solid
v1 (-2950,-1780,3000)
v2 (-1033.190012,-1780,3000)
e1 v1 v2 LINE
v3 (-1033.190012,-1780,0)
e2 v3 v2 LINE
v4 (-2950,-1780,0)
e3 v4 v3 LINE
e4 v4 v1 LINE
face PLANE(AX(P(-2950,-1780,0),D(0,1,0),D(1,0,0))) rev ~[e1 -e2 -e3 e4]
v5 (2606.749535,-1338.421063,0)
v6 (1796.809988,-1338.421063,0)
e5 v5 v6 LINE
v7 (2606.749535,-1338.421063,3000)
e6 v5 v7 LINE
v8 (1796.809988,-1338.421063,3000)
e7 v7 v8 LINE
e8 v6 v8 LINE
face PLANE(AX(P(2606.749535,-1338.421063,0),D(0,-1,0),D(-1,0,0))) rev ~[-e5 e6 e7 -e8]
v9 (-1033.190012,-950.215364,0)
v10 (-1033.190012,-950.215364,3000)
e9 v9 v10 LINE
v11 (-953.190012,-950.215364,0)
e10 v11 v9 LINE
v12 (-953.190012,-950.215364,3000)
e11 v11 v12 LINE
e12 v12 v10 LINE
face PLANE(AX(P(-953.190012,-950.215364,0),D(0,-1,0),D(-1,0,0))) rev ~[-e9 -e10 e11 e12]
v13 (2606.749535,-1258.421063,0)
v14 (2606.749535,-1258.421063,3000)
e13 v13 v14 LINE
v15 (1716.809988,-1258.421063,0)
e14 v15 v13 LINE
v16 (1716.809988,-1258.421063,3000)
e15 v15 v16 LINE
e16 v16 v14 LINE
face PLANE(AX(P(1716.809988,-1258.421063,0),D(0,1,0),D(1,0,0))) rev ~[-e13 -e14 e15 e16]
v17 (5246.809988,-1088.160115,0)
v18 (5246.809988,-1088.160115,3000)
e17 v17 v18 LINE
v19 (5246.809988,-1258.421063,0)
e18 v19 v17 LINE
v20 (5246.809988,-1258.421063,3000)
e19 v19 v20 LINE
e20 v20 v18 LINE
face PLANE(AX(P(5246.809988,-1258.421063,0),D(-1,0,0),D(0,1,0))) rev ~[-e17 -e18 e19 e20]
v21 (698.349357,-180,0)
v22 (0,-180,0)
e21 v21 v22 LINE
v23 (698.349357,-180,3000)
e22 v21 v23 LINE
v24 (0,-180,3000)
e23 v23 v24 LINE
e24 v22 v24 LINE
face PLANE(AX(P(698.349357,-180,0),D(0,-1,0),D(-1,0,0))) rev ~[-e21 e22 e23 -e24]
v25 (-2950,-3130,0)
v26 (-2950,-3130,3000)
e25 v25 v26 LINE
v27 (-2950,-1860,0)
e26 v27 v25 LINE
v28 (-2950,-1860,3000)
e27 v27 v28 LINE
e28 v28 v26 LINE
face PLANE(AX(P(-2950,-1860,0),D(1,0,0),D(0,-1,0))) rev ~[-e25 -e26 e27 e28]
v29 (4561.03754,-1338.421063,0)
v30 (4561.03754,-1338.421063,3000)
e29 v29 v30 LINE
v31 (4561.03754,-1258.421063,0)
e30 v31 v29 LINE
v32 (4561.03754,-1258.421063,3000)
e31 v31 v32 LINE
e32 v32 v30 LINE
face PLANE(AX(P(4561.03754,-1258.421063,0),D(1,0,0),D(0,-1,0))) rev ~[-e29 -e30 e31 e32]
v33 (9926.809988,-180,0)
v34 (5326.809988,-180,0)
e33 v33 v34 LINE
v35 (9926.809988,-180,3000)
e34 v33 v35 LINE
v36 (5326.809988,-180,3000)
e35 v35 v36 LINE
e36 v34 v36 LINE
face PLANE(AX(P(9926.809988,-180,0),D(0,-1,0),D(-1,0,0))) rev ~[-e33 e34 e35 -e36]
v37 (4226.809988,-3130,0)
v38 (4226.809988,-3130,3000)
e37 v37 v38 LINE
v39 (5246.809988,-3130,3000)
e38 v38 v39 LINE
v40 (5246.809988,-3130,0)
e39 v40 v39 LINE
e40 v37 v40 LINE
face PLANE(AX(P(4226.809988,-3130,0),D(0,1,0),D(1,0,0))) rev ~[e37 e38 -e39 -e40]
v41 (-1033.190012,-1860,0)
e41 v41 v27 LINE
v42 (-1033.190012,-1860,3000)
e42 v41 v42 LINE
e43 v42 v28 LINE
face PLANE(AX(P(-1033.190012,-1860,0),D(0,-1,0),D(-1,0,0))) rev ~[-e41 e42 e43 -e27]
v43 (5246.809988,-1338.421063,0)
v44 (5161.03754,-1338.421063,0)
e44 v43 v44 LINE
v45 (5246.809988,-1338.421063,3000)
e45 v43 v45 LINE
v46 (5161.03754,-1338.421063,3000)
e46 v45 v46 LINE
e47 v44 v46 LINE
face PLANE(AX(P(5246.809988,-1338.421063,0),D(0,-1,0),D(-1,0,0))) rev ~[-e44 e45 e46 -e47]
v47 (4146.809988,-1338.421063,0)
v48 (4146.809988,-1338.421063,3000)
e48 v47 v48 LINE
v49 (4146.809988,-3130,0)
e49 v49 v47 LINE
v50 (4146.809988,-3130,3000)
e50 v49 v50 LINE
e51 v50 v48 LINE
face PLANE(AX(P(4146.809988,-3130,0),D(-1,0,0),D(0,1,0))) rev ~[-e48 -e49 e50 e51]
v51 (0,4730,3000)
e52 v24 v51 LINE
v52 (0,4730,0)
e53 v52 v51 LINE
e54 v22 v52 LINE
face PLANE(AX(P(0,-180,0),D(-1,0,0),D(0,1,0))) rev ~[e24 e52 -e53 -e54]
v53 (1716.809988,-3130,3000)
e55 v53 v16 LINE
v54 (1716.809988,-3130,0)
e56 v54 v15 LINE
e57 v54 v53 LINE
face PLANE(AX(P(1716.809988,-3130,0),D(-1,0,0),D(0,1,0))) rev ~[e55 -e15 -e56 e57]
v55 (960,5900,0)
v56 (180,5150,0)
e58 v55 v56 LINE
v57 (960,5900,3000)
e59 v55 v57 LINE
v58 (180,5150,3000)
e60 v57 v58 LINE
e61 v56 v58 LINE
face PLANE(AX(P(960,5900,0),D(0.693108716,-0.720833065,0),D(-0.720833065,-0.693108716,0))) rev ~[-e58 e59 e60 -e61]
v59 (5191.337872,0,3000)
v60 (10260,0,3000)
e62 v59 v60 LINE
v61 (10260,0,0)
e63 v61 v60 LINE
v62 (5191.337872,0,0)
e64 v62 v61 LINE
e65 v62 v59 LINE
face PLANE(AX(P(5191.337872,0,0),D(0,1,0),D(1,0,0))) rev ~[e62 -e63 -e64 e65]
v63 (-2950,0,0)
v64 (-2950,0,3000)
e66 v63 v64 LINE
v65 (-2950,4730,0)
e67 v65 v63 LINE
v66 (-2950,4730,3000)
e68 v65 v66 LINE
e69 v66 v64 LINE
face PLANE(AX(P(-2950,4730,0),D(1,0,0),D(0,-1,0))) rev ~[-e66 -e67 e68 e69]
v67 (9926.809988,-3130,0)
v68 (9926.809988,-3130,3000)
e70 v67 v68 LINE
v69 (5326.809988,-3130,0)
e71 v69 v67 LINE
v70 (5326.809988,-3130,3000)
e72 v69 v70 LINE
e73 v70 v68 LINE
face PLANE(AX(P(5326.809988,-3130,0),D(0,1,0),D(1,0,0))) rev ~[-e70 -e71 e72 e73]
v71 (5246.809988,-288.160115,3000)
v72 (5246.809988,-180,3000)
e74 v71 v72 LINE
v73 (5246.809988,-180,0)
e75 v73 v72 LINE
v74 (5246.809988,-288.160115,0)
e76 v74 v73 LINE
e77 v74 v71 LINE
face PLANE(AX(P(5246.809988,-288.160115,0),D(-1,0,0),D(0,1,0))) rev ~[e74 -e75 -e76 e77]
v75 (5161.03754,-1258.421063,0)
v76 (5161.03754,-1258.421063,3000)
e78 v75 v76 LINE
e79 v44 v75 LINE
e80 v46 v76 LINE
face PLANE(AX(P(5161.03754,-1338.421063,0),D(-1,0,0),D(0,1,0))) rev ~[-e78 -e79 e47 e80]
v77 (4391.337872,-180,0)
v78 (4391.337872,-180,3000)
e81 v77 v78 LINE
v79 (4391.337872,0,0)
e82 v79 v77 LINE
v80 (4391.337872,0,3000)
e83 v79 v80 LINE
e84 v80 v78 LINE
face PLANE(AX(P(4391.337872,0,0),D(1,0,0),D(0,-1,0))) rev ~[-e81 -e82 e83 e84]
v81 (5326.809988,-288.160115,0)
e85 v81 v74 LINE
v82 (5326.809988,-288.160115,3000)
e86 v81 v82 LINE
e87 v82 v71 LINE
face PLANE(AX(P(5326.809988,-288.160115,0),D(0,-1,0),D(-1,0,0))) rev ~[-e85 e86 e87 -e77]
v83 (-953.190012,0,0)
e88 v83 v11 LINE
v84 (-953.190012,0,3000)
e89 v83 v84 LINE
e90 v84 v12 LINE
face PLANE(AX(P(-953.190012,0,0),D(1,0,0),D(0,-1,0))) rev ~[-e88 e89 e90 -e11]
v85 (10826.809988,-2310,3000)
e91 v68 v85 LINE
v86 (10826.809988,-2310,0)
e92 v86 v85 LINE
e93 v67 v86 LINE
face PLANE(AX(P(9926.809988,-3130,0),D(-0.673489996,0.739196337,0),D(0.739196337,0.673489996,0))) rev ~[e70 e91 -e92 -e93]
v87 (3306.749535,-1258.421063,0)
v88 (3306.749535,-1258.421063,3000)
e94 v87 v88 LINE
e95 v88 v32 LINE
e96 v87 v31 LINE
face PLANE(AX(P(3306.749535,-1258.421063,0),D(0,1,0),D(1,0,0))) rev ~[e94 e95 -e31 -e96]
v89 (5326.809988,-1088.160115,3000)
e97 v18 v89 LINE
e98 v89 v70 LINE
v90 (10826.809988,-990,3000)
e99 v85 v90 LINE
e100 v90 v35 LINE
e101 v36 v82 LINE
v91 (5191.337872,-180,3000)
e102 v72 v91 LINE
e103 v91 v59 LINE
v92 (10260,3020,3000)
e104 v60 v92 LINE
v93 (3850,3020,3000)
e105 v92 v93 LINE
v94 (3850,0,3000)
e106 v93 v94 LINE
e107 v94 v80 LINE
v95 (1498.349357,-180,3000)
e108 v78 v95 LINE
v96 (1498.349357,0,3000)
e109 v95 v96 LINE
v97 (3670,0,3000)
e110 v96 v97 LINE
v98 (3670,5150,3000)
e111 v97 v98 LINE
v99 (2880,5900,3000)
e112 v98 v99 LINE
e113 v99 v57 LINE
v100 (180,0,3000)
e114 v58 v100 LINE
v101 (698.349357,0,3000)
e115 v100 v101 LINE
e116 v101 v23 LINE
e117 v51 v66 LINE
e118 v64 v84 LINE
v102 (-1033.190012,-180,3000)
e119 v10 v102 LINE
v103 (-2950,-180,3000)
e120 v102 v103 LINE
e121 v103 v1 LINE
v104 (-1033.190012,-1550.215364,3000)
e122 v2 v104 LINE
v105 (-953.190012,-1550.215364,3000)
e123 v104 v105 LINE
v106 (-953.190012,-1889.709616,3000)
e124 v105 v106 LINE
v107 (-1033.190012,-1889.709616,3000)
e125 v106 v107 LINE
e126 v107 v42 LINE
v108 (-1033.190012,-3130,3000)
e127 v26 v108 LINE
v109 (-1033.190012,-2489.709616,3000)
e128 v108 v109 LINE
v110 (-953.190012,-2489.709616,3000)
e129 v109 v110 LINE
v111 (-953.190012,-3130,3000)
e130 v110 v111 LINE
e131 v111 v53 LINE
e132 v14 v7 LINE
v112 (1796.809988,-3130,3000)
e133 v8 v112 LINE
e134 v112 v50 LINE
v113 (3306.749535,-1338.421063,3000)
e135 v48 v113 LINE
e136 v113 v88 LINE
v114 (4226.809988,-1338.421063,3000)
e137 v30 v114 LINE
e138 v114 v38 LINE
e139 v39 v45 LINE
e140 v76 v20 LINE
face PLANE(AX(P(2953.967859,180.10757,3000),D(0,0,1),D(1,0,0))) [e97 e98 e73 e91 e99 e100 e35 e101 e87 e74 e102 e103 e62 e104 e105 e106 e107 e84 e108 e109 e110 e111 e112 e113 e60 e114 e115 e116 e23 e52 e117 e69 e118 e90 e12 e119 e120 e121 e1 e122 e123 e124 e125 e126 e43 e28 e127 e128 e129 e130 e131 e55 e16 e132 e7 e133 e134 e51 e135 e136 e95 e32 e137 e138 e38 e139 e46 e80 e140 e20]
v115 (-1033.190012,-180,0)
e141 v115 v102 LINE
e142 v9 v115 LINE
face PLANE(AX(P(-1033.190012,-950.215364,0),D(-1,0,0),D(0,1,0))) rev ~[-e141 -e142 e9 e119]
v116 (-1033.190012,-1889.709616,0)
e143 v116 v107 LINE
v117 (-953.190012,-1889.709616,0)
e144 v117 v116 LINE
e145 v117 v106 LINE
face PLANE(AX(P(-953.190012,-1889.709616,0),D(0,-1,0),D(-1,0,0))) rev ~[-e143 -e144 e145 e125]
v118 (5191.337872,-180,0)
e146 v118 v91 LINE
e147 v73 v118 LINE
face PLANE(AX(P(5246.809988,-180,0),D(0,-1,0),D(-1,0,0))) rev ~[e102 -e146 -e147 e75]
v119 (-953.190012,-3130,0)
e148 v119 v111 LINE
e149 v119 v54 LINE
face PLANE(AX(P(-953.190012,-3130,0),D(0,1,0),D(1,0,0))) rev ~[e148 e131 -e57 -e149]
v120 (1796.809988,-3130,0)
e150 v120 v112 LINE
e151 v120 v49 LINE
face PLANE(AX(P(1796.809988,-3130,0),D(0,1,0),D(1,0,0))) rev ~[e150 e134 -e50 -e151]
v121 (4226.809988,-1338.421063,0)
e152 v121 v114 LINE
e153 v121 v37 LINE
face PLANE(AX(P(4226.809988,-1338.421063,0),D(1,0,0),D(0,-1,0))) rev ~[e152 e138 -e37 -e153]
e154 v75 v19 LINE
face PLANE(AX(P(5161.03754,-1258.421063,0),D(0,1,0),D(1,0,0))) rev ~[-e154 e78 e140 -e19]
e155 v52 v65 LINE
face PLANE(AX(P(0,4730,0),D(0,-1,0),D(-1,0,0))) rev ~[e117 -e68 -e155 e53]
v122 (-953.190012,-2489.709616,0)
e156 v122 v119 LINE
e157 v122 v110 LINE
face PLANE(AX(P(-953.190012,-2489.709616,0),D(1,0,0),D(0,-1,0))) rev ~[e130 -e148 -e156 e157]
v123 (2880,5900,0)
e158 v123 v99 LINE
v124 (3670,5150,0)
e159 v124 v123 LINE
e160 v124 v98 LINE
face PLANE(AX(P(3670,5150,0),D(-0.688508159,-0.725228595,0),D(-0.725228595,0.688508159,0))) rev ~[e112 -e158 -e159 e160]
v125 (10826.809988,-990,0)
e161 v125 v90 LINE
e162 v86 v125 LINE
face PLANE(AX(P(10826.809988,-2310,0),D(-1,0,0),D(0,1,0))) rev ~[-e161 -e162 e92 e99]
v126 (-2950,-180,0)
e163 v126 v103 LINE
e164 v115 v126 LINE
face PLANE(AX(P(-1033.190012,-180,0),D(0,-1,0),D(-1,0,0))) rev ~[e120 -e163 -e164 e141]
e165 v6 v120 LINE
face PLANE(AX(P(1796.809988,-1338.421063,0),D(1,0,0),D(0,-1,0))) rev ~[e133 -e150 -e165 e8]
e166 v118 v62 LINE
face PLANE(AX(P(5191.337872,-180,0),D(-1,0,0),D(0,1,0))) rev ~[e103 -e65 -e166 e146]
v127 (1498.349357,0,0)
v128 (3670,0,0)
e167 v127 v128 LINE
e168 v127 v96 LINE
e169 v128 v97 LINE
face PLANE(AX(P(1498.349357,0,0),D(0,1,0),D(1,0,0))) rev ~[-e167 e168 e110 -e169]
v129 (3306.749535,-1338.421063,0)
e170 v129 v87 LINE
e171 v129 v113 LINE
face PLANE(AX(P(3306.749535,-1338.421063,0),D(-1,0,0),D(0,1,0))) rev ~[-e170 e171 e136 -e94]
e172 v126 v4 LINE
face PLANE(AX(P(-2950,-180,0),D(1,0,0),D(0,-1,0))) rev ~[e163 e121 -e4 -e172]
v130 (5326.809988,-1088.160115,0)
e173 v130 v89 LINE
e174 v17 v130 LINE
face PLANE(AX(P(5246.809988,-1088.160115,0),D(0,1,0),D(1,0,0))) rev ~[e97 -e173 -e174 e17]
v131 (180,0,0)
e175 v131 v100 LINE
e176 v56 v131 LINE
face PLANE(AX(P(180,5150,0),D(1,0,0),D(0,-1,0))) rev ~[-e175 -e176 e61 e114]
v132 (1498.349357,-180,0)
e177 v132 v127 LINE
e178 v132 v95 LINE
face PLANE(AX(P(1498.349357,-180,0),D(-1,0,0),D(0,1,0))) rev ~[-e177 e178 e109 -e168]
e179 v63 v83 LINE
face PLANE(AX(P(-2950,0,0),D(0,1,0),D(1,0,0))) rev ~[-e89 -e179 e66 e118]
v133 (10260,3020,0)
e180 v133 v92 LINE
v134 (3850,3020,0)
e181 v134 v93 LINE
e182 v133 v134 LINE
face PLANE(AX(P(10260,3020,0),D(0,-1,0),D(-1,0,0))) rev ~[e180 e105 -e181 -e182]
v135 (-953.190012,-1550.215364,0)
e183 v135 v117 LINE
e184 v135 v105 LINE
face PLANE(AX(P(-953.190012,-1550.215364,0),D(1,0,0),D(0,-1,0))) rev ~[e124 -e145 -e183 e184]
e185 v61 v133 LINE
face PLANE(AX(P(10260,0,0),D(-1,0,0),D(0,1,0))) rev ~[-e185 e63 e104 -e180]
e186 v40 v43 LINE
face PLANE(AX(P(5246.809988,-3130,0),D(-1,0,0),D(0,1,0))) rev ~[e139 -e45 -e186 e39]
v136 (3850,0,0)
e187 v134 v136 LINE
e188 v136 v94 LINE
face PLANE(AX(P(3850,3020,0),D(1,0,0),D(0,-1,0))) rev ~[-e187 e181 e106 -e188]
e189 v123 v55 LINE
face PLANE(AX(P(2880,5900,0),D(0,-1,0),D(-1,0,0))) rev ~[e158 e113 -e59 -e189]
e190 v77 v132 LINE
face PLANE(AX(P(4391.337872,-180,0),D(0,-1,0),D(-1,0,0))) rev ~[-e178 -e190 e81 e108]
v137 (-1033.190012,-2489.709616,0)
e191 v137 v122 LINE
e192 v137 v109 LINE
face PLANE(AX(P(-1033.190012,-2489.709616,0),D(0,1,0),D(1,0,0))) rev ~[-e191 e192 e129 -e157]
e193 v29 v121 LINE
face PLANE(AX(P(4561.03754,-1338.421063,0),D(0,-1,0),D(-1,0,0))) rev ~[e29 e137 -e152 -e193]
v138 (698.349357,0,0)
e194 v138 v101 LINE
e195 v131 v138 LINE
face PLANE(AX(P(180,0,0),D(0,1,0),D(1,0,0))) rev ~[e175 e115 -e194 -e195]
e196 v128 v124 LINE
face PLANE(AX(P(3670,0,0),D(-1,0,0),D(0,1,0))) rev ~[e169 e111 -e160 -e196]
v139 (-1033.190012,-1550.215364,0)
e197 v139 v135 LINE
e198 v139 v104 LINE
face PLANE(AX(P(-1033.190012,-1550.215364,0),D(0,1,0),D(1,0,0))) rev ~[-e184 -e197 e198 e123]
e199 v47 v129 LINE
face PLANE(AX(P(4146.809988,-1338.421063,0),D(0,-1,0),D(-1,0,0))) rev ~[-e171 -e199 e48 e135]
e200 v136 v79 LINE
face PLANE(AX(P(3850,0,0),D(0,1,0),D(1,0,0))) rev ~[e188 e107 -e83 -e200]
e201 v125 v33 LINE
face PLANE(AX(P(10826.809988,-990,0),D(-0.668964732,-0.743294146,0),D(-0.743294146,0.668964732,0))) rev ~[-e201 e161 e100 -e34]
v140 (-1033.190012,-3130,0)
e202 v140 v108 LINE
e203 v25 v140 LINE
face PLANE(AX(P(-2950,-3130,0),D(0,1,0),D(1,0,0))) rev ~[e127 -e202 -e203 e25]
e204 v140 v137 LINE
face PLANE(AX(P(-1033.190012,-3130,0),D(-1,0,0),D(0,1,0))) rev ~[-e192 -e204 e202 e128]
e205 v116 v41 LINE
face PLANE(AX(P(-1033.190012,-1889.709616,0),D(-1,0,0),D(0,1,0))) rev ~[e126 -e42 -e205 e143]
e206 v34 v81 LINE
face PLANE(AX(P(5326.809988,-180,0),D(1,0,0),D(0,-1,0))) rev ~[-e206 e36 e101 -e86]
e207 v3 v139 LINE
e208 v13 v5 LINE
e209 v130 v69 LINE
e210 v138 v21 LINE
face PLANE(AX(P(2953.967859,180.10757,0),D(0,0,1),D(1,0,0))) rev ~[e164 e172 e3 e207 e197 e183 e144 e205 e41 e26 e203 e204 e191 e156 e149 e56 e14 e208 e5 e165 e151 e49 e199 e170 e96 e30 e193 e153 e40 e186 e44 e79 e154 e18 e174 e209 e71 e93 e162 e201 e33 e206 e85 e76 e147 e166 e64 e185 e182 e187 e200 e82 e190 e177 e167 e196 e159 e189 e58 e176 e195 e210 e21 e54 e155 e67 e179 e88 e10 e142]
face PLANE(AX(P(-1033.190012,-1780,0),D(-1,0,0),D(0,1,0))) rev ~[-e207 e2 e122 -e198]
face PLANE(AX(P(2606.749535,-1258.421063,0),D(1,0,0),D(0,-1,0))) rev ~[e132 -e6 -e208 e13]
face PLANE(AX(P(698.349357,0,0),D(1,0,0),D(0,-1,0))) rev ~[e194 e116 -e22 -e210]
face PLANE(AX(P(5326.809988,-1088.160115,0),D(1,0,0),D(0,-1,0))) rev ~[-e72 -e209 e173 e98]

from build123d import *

# Parameters (mm, degrees)
F1_DEPTH = 3000


with BuildPart() as f1:
    # F0 (on Top) → F1 (new body)
    with BuildSketch(Plane.XY):
        Polygon((-2950, 0), (-953.190012, 0), (-953.190012, -180), (-953.190012, -950.215364), (-1033.190012, -950.215364), (-1033.190012, -180), (-2950, -180), (-2950, -1780), (-1033.190012, -1780), (-1033.190012, -1550.215364), (-953.190012, -1550.215364), (-953.190012, -1889.709616), (-1033.190012, -1889.709616), (-1033.190012, -1860), (-2950, -1860), (-2950, -3130), (-1033.190012, -3130), (-1033.190012, -2489.709616), (-953.190012, -2489.709616), (-953.190012, -3130), (0, -3130), (1716.809988, -3130), (1716.809988, -1258.421063), (2606.749535, -1258.421063), (2606.749535, -1338.421063), (1796.809988, -1338.421063), (1796.809988, -3130), (4146.809988, -3130), (4146.809988, -1338.421063), (3306.749535, -1338.421063), (3306.749535, -1258.421063), (4561.03754, -1258.421063), (4561.03754, -1338.421063), (4226.809988, -1338.421063), (4226.809988, -3130), (5246.809988, -3130), (5246.809988, -1338.421063), (5161.03754, -1338.421063), (5161.03754, -1258.421063), (5246.809988, -1258.421063), (5246.809988, -1088.160115), (5326.809988, -1088.160115), (5326.809988, -3130), (9926.809988, -3130), (10826.809988, -2310), (10826.809988, -990), (9926.809988, -180), (5326.809988, -180), (5326.809988, -288.160115), (5246.809988, -288.160115), (5246.809988, -180), (5191.337872, -180), (5191.337872, 0), (10260, 0), (10260, 3020), (3850, 3020), (3850, 0), (4391.337872, 0), (4391.337872, -180), (1498.349357, -180), (1498.349357, 0), (3670, 0), (3670, 5150), (2880, 5900), (960, 5900), (180, 5150), (180, 0), (698.349357, 0), (698.349357, -180), (0, -180), (0, 0), (0, 4730), (-2950, 4730), align=None)
    extrude(amount=F1_DEPTH)


solid = f1.part
